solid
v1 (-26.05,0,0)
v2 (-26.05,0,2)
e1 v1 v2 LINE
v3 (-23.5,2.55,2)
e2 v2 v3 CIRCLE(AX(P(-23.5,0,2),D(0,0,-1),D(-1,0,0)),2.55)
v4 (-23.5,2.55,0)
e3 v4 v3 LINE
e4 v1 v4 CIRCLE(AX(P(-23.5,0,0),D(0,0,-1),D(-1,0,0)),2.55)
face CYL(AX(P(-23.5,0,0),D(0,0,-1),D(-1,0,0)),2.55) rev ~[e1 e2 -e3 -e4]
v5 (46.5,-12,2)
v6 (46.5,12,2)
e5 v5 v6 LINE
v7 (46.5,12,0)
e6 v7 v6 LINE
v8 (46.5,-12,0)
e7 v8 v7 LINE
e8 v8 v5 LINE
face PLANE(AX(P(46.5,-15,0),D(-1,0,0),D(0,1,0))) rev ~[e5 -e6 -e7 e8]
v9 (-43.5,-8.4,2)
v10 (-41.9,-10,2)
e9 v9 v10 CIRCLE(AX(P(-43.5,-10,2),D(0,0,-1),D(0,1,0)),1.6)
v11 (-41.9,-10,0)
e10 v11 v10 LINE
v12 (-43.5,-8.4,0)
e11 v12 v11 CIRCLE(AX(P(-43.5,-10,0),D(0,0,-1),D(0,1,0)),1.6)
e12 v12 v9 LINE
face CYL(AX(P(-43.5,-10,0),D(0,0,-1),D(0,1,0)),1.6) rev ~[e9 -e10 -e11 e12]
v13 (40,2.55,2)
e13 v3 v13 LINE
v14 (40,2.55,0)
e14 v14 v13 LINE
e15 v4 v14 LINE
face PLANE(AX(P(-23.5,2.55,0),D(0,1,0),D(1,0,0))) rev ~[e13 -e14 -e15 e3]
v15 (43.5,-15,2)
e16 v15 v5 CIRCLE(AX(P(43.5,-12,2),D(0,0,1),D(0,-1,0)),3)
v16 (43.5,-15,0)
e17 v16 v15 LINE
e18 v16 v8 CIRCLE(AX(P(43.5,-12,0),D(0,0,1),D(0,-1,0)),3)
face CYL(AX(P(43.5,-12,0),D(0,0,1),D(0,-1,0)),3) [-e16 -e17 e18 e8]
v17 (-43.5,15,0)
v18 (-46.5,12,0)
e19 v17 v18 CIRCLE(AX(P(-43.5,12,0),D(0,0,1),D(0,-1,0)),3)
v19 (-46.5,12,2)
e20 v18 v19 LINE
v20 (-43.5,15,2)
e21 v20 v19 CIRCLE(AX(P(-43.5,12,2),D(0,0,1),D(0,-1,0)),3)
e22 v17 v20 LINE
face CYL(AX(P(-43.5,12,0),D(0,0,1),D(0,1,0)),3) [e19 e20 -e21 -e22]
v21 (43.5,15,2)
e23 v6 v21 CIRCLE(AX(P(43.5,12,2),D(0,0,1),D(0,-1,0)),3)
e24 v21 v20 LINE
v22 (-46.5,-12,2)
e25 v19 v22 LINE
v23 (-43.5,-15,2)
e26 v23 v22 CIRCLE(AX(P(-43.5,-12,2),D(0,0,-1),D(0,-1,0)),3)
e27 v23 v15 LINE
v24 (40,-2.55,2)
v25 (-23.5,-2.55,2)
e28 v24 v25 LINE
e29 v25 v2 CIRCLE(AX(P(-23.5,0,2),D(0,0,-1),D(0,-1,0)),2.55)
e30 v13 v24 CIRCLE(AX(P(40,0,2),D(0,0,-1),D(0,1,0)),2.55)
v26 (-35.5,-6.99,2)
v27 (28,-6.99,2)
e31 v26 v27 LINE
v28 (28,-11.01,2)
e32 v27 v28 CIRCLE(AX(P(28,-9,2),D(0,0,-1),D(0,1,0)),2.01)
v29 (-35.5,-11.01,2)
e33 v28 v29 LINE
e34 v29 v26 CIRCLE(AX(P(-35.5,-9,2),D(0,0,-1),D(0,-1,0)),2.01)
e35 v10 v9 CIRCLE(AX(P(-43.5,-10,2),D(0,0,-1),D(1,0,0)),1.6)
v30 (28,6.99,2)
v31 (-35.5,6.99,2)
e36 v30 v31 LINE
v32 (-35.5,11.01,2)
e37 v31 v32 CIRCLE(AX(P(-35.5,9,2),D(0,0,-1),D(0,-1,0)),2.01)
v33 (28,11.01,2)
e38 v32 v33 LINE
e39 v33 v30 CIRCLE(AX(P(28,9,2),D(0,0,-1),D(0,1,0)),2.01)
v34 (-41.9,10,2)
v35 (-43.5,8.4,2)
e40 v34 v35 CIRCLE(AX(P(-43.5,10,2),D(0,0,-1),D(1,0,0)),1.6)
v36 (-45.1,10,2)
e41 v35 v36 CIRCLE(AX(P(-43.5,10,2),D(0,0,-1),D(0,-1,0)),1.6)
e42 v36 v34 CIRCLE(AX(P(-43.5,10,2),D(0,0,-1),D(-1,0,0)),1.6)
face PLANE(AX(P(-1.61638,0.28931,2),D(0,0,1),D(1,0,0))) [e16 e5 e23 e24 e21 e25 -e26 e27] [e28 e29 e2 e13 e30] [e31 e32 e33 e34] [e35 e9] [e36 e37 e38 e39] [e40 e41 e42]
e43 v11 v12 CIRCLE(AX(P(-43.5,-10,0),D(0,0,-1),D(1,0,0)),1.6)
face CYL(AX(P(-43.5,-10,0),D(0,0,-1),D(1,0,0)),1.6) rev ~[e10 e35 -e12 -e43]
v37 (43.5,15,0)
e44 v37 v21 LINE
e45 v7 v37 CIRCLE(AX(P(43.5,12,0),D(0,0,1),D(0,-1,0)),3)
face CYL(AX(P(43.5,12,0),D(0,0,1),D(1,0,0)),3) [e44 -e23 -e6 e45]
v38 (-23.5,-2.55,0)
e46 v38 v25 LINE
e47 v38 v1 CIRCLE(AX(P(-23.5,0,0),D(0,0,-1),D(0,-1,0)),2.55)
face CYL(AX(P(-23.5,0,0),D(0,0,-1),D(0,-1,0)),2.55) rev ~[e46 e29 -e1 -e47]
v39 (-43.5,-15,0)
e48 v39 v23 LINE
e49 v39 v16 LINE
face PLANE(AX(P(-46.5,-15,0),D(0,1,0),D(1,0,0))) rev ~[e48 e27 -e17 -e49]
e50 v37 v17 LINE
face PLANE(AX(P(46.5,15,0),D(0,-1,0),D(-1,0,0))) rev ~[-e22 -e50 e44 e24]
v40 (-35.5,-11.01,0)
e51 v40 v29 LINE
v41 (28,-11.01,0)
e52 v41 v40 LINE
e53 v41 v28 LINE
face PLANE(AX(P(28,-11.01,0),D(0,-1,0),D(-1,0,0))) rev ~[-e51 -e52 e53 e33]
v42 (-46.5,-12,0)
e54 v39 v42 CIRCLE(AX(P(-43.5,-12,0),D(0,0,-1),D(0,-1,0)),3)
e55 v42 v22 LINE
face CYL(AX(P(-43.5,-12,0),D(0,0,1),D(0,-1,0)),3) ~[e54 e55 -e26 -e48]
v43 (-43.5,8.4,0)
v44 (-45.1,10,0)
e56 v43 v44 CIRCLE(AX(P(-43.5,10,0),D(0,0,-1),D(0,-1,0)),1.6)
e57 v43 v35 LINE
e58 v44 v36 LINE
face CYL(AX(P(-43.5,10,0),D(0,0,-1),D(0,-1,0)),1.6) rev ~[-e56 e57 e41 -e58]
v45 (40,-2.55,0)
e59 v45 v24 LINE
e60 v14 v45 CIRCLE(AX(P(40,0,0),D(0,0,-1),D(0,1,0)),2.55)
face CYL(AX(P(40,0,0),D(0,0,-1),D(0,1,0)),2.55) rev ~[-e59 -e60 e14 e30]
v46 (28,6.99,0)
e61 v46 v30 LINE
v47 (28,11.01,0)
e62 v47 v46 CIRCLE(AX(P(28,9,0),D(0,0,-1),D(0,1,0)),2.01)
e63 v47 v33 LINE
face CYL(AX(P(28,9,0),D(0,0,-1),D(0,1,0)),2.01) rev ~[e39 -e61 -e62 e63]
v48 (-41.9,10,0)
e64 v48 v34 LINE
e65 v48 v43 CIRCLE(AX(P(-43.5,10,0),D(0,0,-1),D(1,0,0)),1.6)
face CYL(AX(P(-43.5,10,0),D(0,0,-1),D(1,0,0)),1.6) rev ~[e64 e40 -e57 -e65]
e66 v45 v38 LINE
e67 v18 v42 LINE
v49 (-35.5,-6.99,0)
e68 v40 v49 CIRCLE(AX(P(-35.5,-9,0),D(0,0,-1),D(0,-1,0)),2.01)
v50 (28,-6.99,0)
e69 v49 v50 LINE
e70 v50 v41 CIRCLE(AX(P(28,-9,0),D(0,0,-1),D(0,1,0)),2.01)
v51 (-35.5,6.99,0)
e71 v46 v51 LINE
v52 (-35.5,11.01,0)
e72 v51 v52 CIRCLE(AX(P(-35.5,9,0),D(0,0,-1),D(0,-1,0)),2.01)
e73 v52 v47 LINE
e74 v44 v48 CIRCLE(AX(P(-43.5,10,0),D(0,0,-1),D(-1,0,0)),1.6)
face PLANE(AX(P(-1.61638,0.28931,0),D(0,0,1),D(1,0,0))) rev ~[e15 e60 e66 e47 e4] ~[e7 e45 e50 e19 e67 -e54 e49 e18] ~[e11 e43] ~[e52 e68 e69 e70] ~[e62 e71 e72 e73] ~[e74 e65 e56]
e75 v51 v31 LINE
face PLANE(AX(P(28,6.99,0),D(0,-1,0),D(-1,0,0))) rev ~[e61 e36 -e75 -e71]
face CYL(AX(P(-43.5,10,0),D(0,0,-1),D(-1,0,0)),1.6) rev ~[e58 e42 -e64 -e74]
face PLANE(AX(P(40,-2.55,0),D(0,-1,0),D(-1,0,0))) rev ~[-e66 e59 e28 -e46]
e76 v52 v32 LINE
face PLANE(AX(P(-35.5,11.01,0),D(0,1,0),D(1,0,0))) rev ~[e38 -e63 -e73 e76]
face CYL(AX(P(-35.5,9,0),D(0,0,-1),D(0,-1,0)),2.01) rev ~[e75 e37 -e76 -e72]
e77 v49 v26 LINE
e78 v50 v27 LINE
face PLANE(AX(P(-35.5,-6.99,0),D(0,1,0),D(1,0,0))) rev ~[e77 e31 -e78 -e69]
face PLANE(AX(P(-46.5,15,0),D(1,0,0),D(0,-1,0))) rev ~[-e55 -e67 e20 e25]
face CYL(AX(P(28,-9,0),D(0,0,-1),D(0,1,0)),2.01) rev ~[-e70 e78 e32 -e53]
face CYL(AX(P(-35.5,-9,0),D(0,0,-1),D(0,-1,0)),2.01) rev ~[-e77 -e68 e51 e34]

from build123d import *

# Parameters (mm, degrees)
F1_DEPTH = 2
F2_R     = 3


with BuildPart() as f1:
    # F0 (on Top) → F1 (new body)
    with BuildSketch(Plane.XY):
        with BuildLine():
            Line((-46.5, -15), (46.5, -15))
            Line((46.5, -15), (46.5, 15))
            Line((46.5, 15), (-46.5, 15))
            Line((-46.5, 15), (-46.5, 10))
            Line((-46.5, 10), (-45.1, 10))
            ThreePointArc((-45.1, 10), (-43.5, 11.6), (-41.9, 10))
            ThreePointArc((-41.9, 10), (-42.3686291501, 8.8686291501), (-43.5, 8.4))
            Line((-43.5, 8.4), (-43.5, 0))
            Line((-43.5, 0), (-46.5, 0))
            Line((-46.5, 0), (-46.5, -15))
        make_face()
        with BuildLine():
            ThreePointArc((-41.9, -10), (-44.6313708499, -11.1313708499), (-43.5, -8.4))
            ThreePointArc((-43.5, -8.4), (-42.3686291501, -8.8686291501), (-41.9, -10))
        make_face(mode=Mode.SUBTRACT)
        with BuildLine():
            Line((-35.5, -6.99), (0, -6.99))
            Line((0, -6.99), (28, -6.99))
            ThreePointArc((28, -6.99), (30.01, -9), (28, -11.01))
            Line((28, -11.01), (-35.5, -11.01))
            ThreePointArc((-35.5, -11.01), (-37.51, -9), (-35.5, -6.99))
        make_face(mode=Mode.SUBTRACT)
        with BuildLine():
            Line((28, 6.99), (0, 6.99))
            Line((0, 6.99), (-35.5, 6.99))
            ThreePointArc((-35.5, 6.99), (-37.51, 9), (-35.5, 11.01))
            Line((-35.5, 11.01), (28, 11.01))
            ThreePointArc((28, 11.01), (30.01, 9), (28, 6.99))
        make_face(mode=Mode.SUBTRACT)
        with BuildLine():
            ThreePointArc((-23.5, -2.55), (-25.303122292, -1.803122292), (-26.05, 0))
            ThreePointArc((-26.05, 0), (-25.303122292, 1.803122292), (-23.5, 2.55))
            Line((-23.5, 2.55), (0, 2.55))
            Line((0, 2.55), (40, 2.55))
            ThreePointArc((40, 2.55), (42.55, 0), (40, -2.55))
            Line((40, -2.55), (0, -2.55))
            Line((0, -2.55), (-23.5, -2.55))
        make_face(mode=Mode.SUBTRACT)
        with BuildLine():
            Line((-46.5, 10), (-46.5, 0))
            Line((-46.5, 0), (-43.5, 0))
            Line((-43.5, 0), (-43.5, 8.4))
            ThreePointArc((-43.5, 8.4), (-44.6313708499, 8.8686291501), (-45.1, 10))
            Line((-45.1, 10), (-46.5, 10))
        make_face()
    extrude(amount=F1_DEPTH)

    # F2
    f2_edges = [f1.edges().sort_by_distance(p)[0] for p in [
        (-46.5, -15, 1),
        (46.5, -15, 1),
        (46.5, 15, 1),
        (-46.5, 15, 1),
    ]]
    fillet(f2_edges, radius=F2_R)


solid = f1.part
